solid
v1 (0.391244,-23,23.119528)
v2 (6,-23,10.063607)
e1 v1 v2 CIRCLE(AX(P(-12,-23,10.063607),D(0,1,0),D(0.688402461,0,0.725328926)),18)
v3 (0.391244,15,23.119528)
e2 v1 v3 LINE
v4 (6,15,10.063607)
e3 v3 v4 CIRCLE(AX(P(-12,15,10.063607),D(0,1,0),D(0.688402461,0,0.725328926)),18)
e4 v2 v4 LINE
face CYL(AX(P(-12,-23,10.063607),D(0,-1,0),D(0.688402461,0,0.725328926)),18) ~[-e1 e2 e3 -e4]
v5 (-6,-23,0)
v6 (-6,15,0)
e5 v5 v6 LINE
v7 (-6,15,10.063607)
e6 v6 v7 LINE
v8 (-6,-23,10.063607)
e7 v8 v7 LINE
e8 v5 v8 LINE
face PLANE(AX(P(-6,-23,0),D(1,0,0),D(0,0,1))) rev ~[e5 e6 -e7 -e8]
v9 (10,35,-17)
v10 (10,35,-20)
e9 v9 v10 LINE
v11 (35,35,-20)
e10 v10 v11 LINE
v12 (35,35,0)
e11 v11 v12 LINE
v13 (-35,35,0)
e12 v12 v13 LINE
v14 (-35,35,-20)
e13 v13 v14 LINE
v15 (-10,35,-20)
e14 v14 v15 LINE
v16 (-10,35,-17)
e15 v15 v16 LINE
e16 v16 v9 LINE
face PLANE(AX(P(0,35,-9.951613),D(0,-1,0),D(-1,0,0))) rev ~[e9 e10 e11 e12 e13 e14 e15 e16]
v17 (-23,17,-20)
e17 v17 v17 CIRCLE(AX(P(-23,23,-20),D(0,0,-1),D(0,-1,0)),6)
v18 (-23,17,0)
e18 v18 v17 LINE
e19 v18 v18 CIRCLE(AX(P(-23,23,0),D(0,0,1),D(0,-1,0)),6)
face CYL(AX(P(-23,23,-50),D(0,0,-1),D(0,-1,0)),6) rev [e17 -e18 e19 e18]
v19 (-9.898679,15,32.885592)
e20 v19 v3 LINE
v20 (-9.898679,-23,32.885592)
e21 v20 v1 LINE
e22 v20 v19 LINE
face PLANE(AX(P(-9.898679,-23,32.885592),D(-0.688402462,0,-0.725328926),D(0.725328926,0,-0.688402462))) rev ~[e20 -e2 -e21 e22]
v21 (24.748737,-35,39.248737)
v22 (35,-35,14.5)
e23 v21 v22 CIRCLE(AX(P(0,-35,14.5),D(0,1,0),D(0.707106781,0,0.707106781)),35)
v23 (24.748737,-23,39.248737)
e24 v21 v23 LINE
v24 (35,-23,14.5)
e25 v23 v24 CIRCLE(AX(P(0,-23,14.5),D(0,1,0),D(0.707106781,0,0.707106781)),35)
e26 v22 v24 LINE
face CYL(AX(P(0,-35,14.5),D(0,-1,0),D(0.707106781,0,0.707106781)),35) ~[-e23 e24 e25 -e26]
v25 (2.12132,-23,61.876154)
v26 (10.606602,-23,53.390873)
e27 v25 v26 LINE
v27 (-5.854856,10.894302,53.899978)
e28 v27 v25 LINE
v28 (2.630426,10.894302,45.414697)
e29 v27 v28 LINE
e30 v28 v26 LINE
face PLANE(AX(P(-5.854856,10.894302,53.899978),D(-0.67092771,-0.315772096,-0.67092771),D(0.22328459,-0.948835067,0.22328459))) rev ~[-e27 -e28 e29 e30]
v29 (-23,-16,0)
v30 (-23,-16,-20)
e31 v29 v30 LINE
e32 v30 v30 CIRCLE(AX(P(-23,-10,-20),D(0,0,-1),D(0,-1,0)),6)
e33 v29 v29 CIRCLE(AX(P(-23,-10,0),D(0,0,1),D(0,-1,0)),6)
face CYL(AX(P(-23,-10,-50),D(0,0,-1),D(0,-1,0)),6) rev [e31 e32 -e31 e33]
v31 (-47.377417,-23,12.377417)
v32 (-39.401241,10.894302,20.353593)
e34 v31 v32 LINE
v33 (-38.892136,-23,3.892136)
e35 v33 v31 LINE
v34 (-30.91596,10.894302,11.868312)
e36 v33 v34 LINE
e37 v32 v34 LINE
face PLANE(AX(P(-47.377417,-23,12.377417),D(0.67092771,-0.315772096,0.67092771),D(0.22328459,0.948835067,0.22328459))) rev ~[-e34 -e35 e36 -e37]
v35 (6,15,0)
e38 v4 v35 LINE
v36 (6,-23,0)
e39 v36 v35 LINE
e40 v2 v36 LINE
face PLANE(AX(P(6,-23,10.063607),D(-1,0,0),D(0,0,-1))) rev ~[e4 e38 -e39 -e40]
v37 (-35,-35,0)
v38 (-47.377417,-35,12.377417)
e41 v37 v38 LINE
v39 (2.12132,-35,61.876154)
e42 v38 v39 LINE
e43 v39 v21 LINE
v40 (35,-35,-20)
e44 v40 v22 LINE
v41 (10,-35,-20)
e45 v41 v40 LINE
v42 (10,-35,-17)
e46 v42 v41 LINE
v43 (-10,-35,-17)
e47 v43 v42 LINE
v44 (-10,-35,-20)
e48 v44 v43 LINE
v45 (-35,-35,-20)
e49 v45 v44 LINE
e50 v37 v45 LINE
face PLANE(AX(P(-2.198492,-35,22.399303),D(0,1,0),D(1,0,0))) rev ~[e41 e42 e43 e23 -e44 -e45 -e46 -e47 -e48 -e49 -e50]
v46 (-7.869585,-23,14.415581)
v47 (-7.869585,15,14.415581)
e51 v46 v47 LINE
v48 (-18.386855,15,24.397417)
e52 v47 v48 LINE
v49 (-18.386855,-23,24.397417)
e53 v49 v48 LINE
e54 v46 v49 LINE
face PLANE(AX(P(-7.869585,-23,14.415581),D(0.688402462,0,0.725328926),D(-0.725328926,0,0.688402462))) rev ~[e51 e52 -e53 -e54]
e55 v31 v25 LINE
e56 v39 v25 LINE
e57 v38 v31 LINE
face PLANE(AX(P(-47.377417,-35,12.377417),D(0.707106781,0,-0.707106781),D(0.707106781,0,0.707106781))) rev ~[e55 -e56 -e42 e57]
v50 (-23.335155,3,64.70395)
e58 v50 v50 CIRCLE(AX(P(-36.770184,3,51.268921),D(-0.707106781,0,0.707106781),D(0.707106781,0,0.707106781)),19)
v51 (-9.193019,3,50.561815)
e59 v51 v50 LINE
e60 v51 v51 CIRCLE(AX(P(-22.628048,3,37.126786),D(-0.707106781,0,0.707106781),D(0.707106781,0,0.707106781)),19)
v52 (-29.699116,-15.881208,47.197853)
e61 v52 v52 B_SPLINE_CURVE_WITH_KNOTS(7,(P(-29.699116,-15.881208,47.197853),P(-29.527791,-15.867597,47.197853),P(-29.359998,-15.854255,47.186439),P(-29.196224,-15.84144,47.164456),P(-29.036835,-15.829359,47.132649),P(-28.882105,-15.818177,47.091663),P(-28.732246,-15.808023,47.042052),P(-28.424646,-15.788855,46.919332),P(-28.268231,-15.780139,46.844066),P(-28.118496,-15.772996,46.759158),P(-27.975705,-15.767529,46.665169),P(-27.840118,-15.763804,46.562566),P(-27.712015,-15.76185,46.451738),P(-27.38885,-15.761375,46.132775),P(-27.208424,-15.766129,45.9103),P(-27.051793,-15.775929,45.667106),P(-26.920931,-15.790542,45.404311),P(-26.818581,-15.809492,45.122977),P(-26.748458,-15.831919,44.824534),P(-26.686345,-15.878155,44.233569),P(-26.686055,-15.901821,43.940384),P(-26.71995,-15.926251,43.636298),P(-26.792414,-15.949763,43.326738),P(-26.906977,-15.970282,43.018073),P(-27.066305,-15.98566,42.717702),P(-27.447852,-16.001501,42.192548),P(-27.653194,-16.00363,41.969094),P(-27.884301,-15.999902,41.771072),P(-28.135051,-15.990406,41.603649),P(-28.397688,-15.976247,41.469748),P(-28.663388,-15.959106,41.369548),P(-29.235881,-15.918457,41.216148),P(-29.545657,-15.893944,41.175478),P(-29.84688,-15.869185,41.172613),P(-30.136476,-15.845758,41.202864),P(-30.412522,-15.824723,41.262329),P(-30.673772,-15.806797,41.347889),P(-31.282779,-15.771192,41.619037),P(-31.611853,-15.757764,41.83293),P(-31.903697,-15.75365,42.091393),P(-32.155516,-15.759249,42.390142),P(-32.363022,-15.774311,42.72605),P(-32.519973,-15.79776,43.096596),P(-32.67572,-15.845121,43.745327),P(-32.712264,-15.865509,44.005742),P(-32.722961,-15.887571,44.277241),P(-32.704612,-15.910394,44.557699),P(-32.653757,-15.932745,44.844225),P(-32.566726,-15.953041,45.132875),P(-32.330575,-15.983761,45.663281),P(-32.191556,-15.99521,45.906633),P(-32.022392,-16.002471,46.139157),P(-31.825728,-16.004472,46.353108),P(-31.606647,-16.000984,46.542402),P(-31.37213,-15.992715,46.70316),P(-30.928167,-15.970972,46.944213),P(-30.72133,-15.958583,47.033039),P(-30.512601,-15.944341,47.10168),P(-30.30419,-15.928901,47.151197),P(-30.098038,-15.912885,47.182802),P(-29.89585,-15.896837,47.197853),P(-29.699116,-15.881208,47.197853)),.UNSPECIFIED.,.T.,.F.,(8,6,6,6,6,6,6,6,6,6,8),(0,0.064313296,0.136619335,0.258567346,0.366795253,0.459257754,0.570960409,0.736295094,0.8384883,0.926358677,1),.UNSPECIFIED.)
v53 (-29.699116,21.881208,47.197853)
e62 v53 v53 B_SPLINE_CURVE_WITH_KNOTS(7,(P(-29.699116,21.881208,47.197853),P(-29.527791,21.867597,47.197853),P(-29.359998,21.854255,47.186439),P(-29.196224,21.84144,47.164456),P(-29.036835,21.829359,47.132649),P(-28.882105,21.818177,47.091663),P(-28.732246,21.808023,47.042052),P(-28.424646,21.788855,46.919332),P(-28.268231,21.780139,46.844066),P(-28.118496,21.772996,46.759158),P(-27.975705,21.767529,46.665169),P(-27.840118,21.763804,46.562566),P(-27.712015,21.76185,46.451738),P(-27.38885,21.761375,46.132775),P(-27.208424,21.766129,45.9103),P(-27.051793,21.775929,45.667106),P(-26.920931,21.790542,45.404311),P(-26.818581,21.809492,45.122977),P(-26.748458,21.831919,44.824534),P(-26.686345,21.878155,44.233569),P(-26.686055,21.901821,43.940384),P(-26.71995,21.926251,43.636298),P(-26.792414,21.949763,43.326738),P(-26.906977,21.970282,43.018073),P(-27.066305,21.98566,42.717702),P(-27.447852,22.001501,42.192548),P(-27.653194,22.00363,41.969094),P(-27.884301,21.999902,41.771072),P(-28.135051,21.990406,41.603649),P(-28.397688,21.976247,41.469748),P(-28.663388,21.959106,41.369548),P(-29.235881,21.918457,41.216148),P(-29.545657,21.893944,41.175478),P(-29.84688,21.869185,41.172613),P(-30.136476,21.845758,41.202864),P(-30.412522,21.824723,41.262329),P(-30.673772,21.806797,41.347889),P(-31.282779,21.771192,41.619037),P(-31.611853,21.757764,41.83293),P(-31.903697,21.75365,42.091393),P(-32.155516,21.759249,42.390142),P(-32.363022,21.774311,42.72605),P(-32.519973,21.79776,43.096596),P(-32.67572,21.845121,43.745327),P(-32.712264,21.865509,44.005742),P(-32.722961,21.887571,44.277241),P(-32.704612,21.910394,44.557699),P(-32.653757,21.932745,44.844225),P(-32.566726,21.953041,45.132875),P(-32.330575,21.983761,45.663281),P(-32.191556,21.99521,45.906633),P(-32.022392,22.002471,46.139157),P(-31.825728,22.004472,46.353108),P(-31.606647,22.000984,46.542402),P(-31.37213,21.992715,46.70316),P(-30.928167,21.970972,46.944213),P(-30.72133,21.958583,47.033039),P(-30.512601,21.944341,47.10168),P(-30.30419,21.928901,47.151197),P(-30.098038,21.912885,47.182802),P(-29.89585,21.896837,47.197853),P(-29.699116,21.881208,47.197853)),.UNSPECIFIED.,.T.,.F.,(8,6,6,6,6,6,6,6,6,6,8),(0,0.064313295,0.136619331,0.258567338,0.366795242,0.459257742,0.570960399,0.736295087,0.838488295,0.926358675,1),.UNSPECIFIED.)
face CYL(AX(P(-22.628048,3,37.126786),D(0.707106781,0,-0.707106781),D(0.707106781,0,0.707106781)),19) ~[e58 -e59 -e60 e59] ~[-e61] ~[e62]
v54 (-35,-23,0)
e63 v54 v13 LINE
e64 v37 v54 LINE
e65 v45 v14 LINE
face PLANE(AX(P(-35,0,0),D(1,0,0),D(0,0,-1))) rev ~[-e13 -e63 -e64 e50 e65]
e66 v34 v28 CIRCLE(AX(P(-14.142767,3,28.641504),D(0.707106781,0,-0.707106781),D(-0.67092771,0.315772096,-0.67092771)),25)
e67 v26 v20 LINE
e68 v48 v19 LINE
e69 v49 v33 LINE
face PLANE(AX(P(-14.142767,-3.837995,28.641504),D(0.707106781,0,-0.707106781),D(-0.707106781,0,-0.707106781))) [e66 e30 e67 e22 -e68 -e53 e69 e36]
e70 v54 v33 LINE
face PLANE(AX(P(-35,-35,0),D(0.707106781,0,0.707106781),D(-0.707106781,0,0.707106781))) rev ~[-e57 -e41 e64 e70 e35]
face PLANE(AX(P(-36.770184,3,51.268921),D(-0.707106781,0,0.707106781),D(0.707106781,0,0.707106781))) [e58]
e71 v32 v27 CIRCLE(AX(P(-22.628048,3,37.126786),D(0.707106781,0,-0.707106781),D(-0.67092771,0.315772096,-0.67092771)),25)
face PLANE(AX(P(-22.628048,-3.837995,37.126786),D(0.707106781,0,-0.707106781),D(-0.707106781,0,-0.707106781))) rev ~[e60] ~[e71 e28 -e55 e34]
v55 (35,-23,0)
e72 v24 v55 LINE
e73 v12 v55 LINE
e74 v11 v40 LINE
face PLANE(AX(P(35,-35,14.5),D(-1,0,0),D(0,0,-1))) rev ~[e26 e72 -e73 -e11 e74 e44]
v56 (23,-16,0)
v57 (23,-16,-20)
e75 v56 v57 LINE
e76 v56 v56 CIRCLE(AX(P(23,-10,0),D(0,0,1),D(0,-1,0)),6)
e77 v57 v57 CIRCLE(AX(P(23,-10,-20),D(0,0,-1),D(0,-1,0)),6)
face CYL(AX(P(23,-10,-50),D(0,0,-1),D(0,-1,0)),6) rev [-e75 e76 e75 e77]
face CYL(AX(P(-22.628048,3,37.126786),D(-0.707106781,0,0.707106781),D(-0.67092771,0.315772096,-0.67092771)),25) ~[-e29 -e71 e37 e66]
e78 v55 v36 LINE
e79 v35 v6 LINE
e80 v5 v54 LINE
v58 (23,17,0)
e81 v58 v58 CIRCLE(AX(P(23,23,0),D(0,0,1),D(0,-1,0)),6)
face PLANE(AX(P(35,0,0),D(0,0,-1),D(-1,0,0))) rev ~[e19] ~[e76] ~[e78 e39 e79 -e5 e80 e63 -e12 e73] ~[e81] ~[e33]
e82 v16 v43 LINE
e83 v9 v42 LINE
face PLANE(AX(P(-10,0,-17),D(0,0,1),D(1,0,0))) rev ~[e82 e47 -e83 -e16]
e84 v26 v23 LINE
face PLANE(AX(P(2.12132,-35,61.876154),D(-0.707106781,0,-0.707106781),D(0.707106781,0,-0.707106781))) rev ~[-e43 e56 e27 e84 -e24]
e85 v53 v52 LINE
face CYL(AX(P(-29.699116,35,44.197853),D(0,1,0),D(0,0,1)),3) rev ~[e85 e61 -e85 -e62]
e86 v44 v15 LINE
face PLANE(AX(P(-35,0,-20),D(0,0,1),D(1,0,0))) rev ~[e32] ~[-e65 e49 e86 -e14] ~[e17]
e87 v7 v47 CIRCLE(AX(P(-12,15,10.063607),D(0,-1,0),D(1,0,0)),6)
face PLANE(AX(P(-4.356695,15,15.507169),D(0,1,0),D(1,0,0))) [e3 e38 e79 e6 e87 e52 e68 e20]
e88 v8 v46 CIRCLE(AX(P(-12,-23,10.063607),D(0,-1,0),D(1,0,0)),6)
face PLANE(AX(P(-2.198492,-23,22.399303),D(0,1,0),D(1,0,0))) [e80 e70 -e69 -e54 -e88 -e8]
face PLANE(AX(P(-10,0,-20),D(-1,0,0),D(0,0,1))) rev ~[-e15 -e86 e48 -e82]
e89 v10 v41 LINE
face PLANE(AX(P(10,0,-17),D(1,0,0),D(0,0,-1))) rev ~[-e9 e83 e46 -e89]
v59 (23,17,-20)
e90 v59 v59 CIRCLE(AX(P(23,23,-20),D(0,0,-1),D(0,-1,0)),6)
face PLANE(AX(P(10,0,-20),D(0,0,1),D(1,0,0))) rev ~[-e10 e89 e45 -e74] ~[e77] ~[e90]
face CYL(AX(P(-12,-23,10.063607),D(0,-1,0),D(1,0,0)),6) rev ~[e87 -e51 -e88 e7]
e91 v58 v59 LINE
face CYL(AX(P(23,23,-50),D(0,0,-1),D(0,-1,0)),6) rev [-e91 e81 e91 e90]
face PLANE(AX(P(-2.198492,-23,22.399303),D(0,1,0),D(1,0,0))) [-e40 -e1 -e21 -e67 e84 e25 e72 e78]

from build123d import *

# Parameters (mm, degrees)
BOSS_EXTRUDE1_DEPTH       = 35
BOSS_EXTRUDE2_DEPTH       = 12
BOSS_EXTRUDE3_DEPTH       = 12
SKETCH4_R                 = 19
BOSS_EXTRUDE4_DEPTH       = 20
BOSS_EXTRUDE5_DEPTH       = 38
SKETCH7_W                 = 6
SKETCH7_H                 = 100
LPATTERN1_COUNT           = 2
LPATTERN1_PITCH           = 33
LPATTERN2_COUNT           = 2
LPATTERN2_PITCH           = 46
LPATTERN2_COPY_1_SKETCH_W = 6
LPATTERN2_COPY_1_SKETCH_H = 100
SKETCH8_R                 = 3
CUT_EXTRUDE1_DEPTH        = 108.736551619


with BuildPart() as part:
    # Sketch1 → Boss-Extrude1 (new, symmetric)
    with BuildSketch(Plane(origin=(0, 0, 0), x_dir=(1, 0, 0), z_dir=(0, 1, 0))):
        Polygon((-10, 20), (-10, 17), (10, 17), (10, 20), (35, 20), (35, 0), (-35, 0), (-35, 20), align=None)
    extrude(amount=BOSS_EXTRUDE1_DEPTH, both=True)

    # Sketch2 → Boss-Extrude2 (add)
    with BuildSketch(Plane(origin=(0, -35, 0), x_dir=(-1, 0, 0), z_dir=(0, -1, 0))):
        with BuildLine():
            Line((-35, 0), (35, 0))
            Line((35, 0), (47.377416998, -12.377416998))
            Line((47.377416998, -12.377416998), (-2.121320344, -61.876154339))
            Line((-2.121320344, -61.876154339), (-24.748737342, -39.248737342))
            ThreePointArc((-24.748737342, -39.248737342), (-32.335783638, -27.893920133), (-35, -14.5))
            Line((-35, -14.5), (-35, 0))
        make_face()
    extrude(amount=-BOSS_EXTRUDE2_DEPTH)

    # Sketch3 → Boss-Extrude3 (add)
    with BuildSketch(Plane(origin=(-29.877416998, 0, 29.877416998), x_dir=(0.7071067811865468, 0, 0.7071067811865482), z_dir=(-0.7071067811865482, 0, 0.7071067811865468))):
        with BuildLine():
            Line((-24.748737342, -23), (-13.468721173, 10.894302389))
            ThreePointArc((-13.468721173, 10.894302389), (10.252155493, 28), (33.973032159, 10.894302389))
            Line((33.973032159, 10.894302389), (45.253048327, -23))
            Line((45.253048327, -23), (-24.748737342, -23))
        make_face()
    extrude(amount=-BOSS_EXTRUDE3_DEPTH)

    # Sketch4 → Boss-Extrude4 (add)
    with BuildSketch(Plane(origin=(-29.877416998, 0, 29.877416998), x_dir=(0.7071067811865468, 0, 0.7071067811865482), z_dir=(-0.7071067811865482, 0, 0.7071067811865468))):
        with Locations((10.252155493, 3)):
            Circle(SKETCH4_R)
    extrude(amount=BOSS_EXTRUDE4_DEPTH)

    # Sketch5 → Boss-Extrude5 (add)
    with BuildSketch(Plane(origin=(0, -23, 0), x_dir=(1, 0, 0), z_dir=(0, 1, 0))):
        with BuildLine():
            Line((-6, 0), (-6, -10.063607341))
            ThreePointArc((-6, -10.063607341), (-6.487174562, -12.431888509), (-7.869585231, -14.415580897))
            Line((-7.869585231, -14.415580897), (-18.386854658, -24.39741659))
            Line((-18.386854658, -24.39741659), (-9.898679248, -32.885591999))
            Line((-9.898679248, -32.885591999), (0.391244308, -23.119528009))
            ThreePointArc((0.391244308, -23.119528009), (4.538476314, -17.168450846), (6, -10.063607341))
            Line((6, -10.063607341), (6, 0))
            Line((6, 0), (-6, 0))
        make_face()
    extrude(amount=BOSS_EXTRUDE5_DEPTH)

    # Sketch7 → Hole1 (revolve, cut)
    with BuildSketch(Plane(origin=(23, -10, 0), x_dir=(0, -1, 0), z_dir=(1, 0, 0))):
        with Locations((3, 50)):
            Rectangle(SKETCH7_W, SKETCH7_H)
    hole1 = revolve(axis=Axis((23, -10, -110), (0, 0, 1)), mode=Mode.SUBTRACT)

    # LPattern1: Hole1 ×2
    with Locations(*[(0, i * LPATTERN1_PITCH, 0) for i in range(1, LPATTERN1_COUNT)]):
        add(hole1, mode=Mode.SUBTRACT)

    # LPattern2: Hole1 ×2
    with Locations(*[(-i * LPATTERN2_PITCH, 0, 0) for i in range(1, LPATTERN2_COUNT)]):
        add(hole1, mode=Mode.SUBTRACT)

    # LPattern2 copy 1 sketch → LPattern2 copy 1 (revolve, cut)
    with BuildSketch(Plane(origin=(-23, 23, 0), x_dir=(0, -1, 0), z_dir=(1, 0, 0))):
        with Locations((3, 50)):
            Rectangle(LPATTERN2_COPY_1_SKETCH_W, LPATTERN2_COPY_1_SKETCH_H)
    revolve(axis=Axis((-23, 23, -110), (0, 0, 1)), mode=Mode.SUBTRACT)

    # Sketch8 → Cut-Extrude1 (cut, through all)
    with BuildSketch(Plane(origin=(0, 35, 0), x_dir=(1, 0, 0), z_dir=(0, 1, 0))):
        with Locations(Location((-29.699116139, -44.197853481, 0), (0, 0, 270))):
            Circle(SKETCH8_R)
    extrude(amount=-CUT_EXTRUDE1_DEPTH, mode=Mode.SUBTRACT)


solid = part.part
